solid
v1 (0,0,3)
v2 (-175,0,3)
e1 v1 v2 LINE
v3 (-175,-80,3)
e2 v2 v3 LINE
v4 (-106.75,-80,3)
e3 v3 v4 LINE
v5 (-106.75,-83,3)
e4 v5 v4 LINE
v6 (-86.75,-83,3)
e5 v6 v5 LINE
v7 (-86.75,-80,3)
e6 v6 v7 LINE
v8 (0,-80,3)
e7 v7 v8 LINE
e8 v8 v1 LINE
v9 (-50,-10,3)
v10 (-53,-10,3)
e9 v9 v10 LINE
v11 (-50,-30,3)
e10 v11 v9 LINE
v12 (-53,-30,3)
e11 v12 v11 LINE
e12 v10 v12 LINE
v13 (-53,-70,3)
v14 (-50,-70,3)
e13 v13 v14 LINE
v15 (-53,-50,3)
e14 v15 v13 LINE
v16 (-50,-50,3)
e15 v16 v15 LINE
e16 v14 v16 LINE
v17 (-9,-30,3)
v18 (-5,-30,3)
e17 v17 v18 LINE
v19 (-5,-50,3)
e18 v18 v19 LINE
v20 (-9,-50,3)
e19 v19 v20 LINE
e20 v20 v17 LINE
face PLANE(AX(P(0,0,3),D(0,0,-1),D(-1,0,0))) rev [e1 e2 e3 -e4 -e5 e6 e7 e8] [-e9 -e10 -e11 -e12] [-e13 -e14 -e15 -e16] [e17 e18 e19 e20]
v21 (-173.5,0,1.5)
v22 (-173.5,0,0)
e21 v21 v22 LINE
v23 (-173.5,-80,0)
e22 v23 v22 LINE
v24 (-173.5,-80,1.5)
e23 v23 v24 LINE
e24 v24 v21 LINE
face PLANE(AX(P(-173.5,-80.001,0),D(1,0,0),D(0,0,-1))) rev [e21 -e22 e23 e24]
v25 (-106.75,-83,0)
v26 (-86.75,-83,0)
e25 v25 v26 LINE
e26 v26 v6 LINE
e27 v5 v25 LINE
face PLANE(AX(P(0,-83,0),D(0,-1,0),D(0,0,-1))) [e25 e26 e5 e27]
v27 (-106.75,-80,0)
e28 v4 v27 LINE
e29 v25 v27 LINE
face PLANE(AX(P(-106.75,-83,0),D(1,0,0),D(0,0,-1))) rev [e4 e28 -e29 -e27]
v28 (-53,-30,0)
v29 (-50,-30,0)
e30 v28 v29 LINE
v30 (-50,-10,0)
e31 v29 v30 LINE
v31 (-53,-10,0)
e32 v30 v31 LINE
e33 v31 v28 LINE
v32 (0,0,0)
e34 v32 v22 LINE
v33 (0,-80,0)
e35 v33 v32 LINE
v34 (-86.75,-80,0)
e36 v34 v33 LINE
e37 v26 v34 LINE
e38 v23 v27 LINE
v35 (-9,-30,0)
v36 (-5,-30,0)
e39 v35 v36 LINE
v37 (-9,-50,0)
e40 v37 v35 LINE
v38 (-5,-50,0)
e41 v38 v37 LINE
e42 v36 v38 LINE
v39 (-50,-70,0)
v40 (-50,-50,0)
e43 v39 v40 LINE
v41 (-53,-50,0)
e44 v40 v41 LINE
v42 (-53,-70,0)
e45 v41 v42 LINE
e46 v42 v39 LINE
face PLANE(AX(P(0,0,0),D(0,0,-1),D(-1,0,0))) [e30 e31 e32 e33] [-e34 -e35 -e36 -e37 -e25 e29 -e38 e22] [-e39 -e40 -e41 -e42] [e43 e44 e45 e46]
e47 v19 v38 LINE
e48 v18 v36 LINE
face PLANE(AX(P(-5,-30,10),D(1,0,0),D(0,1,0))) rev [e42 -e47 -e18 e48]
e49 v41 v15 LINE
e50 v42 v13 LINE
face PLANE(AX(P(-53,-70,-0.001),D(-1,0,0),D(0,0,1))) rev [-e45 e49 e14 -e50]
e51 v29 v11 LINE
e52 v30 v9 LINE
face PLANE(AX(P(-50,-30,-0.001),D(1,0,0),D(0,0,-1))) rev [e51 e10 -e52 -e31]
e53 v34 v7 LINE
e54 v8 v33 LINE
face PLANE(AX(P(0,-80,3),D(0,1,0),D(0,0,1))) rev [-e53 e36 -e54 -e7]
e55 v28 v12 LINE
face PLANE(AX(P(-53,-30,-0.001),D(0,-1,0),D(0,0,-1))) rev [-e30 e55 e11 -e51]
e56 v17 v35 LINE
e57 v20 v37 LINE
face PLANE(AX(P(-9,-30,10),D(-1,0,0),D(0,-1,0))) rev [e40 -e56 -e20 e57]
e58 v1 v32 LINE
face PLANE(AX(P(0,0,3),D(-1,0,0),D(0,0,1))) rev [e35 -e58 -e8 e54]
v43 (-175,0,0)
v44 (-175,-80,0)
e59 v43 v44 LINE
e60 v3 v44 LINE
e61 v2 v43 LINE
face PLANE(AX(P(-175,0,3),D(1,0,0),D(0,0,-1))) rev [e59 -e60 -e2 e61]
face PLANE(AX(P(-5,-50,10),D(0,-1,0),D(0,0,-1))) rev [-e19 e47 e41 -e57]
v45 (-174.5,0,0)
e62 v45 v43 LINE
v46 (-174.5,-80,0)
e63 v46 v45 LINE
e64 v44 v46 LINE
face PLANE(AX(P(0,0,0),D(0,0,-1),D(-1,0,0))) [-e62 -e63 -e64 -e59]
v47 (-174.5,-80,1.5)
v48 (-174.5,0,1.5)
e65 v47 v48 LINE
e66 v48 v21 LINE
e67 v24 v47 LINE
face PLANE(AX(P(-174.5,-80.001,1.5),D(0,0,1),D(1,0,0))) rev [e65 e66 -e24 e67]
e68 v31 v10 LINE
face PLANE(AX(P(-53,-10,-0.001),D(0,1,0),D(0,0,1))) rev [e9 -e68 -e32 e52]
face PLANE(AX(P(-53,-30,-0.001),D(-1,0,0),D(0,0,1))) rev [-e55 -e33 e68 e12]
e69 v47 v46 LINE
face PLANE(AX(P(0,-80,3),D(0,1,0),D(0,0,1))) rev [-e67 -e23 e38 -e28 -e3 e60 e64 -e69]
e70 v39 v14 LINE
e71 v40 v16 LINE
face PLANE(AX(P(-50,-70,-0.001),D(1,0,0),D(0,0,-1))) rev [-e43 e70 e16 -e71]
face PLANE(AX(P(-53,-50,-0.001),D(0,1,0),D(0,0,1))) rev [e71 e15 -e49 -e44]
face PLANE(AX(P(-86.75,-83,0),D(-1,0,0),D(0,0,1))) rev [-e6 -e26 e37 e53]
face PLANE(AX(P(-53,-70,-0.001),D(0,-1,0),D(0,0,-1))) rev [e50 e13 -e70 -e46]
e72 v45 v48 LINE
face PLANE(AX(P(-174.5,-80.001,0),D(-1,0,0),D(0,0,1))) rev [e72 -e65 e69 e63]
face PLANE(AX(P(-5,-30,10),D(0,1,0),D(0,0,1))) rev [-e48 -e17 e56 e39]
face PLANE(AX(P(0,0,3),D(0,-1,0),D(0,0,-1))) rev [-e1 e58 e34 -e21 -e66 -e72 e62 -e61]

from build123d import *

# Parameters (mm, degrees)
ESQUISSE2_W             = 175
ESQUISSE2_H             = 80
BOSS_EXTRU_2_DEPTH      = 3
ENL_V_MAT_EXTRU_1_REACH = 194.442
ESQUISSE3_W             = 3
ESQUISSE3_H             = 20
ENL_V_MAT_EXTRU_2_REACH = 194.442
ESQUISSE4_W             = 1
ESQUISSE4_H             = 1.5
ESQUISSE5_W             = 20
ESQUISSE5_H             = 3
BOSS_EXTRU_3_DEPTH      = 3
ESQUISSE6_W             = 4
ESQUISSE6_H             = 20
ENL_V_MAT_EXTRU_3_DEPTH = 10


with BuildPart() as part:
    # Esquisse2 → Boss.-Extru.2 (new body)
    with BuildSketch(Plane.XY):
        with Locations((-87.5, -40)):
            Rectangle(ESQUISSE2_W, ESQUISSE2_H)
    extrude(amount=BOSS_EXTRU_2_DEPTH)

    # Esquisse3 → Enlèv. mat.-Extru.1 (cut, up to next)
    with BuildSketch(Plane.XY.offset(3), mode=Mode.PRIVATE) as enl_v_mat_extru_1_sk1:
        with Locations((-51.5, -60)):
            Rectangle(ESQUISSE3_W, ESQUISSE3_H)
    enl_v_mat_extru_1_tool1 = extrude(enl_v_mat_extru_1_sk1.sketch, amount=-ENL_V_MAT_EXTRU_1_REACH, mode=Mode.PRIVATE) & part.part
    # Esquisse3 → Enlèv. mat.-Extru.1 (cut, up to next)
    with BuildSketch(Plane.XY.offset(3), mode=Mode.PRIVATE) as enl_v_mat_extru_1_sk2:
        with Locations((-51.5, -20)):
            Rectangle(ESQUISSE3_W, ESQUISSE3_H)
    enl_v_mat_extru_1_tool2 = extrude(enl_v_mat_extru_1_sk2.sketch, amount=-ENL_V_MAT_EXTRU_1_REACH, mode=Mode.PRIVATE) & part.part
    add(enl_v_mat_extru_1_tool1.solids().sort_by_distance((-51.5, -60, 3))[0], mode=Mode.SUBTRACT)
    add(enl_v_mat_extru_1_tool2.solids().sort_by_distance((-51.5, -20, 3))[0], mode=Mode.SUBTRACT)

    # Esquisse4 → Enlèv. mat.-Extru.2 (cut, up to next)
    with BuildSketch(Plane(origin=(0, 0, 0), x_dir=(1, 0, 0), z_dir=(0, 1, 0)), mode=Mode.PRIVATE) as enl_v_mat_extru_2_sk1:
        with Locations((-174, -0.75)):
            Rectangle(ESQUISSE4_W, ESQUISSE4_H)
    enl_v_mat_extru_2_tool1 = extrude(enl_v_mat_extru_2_sk1.sketch, amount=-ENL_V_MAT_EXTRU_2_REACH, mode=Mode.PRIVATE) & part.part
    add(enl_v_mat_extru_2_tool1.solids().sort_by_distance((-174, 0, 0.75))[0], mode=Mode.SUBTRACT)

    # Esquisse5 → Boss.-Extru.3 (add)
    with BuildSketch(Plane(origin=(0, -80, 0), x_dir=(-1, 0, 0), z_dir=(0, -1, 0))):
        with Locations((96.75, -1.5)):
            Rectangle(ESQUISSE5_W, ESQUISSE5_H)
    extrude(amount=BOSS_EXTRU_3_DEPTH)

    # Esquisse6 → Enlèv. mat.-Extru.3 (cut)
    with BuildSketch(Plane(origin=(0, 0, 0), x_dir=(-1, 0, 0), z_dir=(0, 0, -1))):
        with Locations((7, -40)):
            Rectangle(ESQUISSE6_W, ESQUISSE6_H)
    extrude(amount=-ENL_V_MAT_EXTRU_3_DEPTH, mode=Mode.SUBTRACT)


solid = part.part
